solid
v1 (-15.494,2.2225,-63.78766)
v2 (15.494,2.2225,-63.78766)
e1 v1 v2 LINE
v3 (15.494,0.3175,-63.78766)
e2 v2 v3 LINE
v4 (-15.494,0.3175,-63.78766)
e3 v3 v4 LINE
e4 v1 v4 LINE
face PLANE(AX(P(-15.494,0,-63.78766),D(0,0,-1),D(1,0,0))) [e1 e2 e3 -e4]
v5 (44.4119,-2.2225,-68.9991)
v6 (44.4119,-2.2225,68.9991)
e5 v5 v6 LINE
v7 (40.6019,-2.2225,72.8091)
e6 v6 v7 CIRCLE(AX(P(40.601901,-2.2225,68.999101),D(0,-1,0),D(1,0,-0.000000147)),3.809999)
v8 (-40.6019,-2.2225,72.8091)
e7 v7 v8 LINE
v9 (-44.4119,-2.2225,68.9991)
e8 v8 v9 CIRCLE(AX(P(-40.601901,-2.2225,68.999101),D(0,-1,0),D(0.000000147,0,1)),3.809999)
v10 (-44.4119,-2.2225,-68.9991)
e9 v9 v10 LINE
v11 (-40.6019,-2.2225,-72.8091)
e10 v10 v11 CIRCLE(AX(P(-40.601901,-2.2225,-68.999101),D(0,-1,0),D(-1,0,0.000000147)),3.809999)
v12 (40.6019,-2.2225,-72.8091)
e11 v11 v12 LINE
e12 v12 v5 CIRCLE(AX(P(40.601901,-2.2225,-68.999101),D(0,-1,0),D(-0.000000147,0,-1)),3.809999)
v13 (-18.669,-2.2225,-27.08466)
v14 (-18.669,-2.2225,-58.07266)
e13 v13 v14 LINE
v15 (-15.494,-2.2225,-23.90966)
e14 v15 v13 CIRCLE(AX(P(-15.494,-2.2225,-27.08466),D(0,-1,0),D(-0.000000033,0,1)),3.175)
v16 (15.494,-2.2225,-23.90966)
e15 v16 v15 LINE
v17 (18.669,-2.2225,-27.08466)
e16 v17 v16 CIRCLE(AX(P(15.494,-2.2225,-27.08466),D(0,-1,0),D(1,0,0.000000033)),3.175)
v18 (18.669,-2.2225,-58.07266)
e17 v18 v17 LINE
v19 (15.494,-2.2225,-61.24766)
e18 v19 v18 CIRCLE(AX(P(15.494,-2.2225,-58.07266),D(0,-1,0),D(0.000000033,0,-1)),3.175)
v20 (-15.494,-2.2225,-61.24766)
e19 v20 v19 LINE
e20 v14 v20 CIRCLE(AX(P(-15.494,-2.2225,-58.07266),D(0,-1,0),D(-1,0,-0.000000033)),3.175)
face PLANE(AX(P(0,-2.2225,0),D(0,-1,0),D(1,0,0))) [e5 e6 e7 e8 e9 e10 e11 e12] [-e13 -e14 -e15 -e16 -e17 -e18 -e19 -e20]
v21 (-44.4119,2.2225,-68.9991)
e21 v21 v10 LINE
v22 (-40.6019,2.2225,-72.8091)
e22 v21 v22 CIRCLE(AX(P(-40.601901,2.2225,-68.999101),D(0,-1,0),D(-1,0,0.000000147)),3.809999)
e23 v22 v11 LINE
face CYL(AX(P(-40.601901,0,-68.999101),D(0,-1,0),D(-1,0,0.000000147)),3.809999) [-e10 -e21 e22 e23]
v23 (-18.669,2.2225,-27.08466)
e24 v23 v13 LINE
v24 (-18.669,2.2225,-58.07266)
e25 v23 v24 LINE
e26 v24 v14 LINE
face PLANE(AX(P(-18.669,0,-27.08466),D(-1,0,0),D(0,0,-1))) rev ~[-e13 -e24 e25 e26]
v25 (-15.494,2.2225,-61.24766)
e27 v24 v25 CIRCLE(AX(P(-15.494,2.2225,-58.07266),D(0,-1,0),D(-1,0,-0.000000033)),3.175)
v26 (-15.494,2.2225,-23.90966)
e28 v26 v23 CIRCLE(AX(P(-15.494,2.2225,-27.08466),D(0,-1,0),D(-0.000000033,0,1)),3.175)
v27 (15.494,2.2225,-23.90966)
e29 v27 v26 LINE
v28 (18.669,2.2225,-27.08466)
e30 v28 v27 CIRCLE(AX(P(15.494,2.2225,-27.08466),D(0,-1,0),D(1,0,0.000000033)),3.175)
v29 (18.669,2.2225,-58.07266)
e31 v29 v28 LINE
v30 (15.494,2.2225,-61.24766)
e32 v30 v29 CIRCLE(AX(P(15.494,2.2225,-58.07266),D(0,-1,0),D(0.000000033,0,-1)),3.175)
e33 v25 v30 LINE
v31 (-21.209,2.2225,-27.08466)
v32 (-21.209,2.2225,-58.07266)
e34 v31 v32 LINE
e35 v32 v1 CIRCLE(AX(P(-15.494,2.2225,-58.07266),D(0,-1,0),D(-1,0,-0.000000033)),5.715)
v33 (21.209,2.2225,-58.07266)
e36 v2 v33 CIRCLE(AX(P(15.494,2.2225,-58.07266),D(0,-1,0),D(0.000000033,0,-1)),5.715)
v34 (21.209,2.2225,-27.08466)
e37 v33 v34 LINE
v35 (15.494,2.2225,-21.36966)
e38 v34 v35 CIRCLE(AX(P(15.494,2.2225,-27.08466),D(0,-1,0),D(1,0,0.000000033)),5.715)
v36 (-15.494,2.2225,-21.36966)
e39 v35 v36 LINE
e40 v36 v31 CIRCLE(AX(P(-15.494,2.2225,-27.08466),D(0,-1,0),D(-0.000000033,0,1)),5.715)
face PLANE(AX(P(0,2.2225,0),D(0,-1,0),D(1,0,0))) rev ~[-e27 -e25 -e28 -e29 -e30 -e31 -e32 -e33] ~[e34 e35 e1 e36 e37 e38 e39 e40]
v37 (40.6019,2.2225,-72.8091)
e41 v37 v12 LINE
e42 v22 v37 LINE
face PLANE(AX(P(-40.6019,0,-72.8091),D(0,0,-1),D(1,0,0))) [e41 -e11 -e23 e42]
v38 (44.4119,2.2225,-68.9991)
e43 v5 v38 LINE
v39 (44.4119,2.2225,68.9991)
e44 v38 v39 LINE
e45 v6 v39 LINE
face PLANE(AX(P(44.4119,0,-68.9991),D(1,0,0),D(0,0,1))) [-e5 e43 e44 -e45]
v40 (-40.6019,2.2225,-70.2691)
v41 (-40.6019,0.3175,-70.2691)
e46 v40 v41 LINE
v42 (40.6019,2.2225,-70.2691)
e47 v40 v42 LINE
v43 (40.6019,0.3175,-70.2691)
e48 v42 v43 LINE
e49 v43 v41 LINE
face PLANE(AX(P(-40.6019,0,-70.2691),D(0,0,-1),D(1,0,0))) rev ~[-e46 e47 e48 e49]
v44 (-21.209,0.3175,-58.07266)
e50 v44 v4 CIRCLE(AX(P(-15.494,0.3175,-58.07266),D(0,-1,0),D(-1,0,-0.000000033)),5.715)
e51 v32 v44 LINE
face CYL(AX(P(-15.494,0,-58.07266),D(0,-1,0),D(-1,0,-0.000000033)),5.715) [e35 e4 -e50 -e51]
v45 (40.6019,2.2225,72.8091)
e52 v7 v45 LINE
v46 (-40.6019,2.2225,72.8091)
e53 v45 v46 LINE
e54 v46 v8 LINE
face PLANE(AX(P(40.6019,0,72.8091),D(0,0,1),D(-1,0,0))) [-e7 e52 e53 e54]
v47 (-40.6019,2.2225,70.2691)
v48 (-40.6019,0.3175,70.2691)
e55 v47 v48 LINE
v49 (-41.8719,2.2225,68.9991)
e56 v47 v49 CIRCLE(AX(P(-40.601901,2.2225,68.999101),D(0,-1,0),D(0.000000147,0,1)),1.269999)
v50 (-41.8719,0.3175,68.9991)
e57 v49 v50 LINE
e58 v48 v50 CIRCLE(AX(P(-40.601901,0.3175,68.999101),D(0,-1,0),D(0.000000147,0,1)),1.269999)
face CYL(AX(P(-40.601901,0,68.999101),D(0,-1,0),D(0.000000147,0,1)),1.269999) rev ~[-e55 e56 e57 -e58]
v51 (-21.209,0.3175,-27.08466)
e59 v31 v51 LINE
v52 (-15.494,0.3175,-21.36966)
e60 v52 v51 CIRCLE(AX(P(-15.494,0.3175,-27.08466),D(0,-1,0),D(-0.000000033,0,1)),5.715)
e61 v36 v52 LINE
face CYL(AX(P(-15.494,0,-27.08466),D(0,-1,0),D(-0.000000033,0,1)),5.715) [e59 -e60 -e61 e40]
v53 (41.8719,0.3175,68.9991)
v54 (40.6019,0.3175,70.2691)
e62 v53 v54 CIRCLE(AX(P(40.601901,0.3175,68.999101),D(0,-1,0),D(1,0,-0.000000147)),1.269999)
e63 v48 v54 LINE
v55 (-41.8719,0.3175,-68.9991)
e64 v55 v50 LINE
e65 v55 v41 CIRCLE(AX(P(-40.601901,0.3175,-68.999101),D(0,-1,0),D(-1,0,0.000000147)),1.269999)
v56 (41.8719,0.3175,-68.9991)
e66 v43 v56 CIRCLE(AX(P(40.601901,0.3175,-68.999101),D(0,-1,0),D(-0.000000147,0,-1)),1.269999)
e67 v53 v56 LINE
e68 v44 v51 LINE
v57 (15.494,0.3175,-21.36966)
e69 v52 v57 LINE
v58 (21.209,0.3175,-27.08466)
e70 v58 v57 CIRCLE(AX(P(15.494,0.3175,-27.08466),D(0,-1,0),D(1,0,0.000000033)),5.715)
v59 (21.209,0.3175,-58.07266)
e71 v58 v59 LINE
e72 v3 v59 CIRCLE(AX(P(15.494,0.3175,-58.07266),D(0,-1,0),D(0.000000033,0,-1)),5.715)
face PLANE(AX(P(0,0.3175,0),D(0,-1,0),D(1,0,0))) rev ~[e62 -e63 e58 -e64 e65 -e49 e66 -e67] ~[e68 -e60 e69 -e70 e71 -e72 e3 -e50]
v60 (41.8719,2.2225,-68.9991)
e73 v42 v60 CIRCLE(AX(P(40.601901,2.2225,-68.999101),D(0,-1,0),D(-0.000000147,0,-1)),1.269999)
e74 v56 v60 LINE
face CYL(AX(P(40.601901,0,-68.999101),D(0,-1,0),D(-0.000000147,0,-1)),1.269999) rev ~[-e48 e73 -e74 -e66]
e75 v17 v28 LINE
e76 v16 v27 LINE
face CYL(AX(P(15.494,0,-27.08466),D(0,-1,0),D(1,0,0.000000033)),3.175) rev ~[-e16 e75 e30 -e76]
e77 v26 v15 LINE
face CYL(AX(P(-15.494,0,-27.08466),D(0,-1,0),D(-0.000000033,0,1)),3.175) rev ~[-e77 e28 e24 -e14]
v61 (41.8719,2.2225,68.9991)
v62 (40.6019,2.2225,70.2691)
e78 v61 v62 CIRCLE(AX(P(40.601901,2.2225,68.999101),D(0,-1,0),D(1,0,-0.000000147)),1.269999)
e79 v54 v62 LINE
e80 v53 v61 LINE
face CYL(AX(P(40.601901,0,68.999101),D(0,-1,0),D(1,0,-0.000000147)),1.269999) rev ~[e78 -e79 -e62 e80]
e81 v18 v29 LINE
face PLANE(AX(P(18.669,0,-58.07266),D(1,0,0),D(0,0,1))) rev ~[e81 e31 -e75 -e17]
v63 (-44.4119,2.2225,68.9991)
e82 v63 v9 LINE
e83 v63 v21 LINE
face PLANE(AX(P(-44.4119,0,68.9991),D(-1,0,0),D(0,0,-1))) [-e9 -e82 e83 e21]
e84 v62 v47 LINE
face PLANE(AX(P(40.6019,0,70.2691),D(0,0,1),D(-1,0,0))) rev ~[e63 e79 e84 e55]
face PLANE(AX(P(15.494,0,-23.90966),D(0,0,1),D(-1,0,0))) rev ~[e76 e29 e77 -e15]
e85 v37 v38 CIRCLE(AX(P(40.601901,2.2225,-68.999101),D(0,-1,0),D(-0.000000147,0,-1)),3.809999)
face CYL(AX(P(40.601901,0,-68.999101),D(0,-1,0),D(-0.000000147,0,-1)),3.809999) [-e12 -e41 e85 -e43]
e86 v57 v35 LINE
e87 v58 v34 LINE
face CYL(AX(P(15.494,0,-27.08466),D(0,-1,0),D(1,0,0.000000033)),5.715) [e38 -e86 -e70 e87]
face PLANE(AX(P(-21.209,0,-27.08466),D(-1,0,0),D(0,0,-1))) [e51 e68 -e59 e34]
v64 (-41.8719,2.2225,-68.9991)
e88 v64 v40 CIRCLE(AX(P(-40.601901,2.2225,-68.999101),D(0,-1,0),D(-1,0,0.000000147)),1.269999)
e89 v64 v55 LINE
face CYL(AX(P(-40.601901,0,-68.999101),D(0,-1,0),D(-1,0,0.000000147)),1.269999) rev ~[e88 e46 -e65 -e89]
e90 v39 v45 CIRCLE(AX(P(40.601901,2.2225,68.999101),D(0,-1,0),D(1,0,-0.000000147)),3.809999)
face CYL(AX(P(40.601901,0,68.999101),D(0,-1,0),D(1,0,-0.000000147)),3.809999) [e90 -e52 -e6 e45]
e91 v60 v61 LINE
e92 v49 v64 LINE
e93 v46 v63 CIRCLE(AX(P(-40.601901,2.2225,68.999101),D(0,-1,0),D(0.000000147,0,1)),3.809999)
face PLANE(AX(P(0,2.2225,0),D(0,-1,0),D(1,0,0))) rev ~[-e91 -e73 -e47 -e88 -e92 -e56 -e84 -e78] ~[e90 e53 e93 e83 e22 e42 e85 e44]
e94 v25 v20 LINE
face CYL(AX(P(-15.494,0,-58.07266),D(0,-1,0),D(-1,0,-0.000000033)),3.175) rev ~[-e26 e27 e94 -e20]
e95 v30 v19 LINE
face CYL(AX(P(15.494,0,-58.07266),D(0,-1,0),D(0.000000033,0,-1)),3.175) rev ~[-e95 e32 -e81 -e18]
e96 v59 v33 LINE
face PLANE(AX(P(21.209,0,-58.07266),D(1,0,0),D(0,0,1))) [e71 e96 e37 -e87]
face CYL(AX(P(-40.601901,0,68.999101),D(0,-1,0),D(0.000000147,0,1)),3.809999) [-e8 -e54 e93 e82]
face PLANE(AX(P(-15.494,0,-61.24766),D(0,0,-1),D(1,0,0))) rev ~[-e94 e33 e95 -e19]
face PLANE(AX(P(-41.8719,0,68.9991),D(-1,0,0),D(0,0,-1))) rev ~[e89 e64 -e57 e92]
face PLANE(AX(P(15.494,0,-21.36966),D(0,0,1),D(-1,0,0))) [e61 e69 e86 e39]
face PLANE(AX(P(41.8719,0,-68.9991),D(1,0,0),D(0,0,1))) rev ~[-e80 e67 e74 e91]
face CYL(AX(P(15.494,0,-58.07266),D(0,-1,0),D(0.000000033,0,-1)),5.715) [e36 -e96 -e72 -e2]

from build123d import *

# Parameters (mm, degrees)
F2_DEPTH = 2.2225
F3_DEPTH = 12.7
F4_T     = -2.54


with BuildPart() as f2:
    # F0 (on Front) → F2 (new body, symmetric)
    with BuildSketch(Plane.XZ):
        with BuildLine():
            Line((40.6019, 72.8091), (-40.6019, 72.8091))
            ThreePointArc((-40.6019, 72.8091), (-43.295977, 71.693177), (-44.4119, 68.9991))
            Line((-44.4119, 68.9991), (-44.4119, -68.9991))
            ThreePointArc((-44.4119, -68.9991), (-43.295977, -71.693177), (-40.6019, -72.8091))
            Line((-40.6019, -72.8091), (40.6019, -72.8091))
            ThreePointArc((40.6019, -72.8091), (43.295977, -71.693177), (44.4119, -68.9991))
            Line((44.4119, -68.9991), (44.4119, 68.9991))
            ThreePointArc((44.4119, 68.9991), (43.295977, 71.693177), (40.6019, 72.8091))
        make_face()
    extrude(amount=F2_DEPTH, both=True)

    # F1 (on face) → F3 (cut, symmetric)
    with BuildSketch(Plane.XZ):
        with BuildLine():
            Line((15.494, -23.90966), (-15.494, -23.90966))
            ThreePointArc((-15.494, -23.90966), (-17.739064, -24.839596), (-18.669, -27.08466))
            Line((-18.669, -27.08466), (-18.669, -58.07266))
            ThreePointArc((-18.669, -58.07266), (-17.739064, -60.317724), (-15.494, -61.24766))
            Line((-15.494, -61.24766), (15.494, -61.24766))
            ThreePointArc((15.494, -61.24766), (17.739064, -60.317724), (18.669, -58.07266))
            Line((18.669, -58.07266), (18.669, -27.08466))
            ThreePointArc((18.669, -27.08466), (17.739064, -24.839596), (15.494, -23.90966))
        make_face()
    extrude(amount=F3_DEPTH, both=True, mode=Mode.SUBTRACT)

    # F4
    f4_openings = [f2.faces().sort_by_distance(p)[0] for p in [
        (0, 2.2225, 5.113505),
    ]]
    offset(amount=F4_T, openings=f4_openings)


solid = f2.part
